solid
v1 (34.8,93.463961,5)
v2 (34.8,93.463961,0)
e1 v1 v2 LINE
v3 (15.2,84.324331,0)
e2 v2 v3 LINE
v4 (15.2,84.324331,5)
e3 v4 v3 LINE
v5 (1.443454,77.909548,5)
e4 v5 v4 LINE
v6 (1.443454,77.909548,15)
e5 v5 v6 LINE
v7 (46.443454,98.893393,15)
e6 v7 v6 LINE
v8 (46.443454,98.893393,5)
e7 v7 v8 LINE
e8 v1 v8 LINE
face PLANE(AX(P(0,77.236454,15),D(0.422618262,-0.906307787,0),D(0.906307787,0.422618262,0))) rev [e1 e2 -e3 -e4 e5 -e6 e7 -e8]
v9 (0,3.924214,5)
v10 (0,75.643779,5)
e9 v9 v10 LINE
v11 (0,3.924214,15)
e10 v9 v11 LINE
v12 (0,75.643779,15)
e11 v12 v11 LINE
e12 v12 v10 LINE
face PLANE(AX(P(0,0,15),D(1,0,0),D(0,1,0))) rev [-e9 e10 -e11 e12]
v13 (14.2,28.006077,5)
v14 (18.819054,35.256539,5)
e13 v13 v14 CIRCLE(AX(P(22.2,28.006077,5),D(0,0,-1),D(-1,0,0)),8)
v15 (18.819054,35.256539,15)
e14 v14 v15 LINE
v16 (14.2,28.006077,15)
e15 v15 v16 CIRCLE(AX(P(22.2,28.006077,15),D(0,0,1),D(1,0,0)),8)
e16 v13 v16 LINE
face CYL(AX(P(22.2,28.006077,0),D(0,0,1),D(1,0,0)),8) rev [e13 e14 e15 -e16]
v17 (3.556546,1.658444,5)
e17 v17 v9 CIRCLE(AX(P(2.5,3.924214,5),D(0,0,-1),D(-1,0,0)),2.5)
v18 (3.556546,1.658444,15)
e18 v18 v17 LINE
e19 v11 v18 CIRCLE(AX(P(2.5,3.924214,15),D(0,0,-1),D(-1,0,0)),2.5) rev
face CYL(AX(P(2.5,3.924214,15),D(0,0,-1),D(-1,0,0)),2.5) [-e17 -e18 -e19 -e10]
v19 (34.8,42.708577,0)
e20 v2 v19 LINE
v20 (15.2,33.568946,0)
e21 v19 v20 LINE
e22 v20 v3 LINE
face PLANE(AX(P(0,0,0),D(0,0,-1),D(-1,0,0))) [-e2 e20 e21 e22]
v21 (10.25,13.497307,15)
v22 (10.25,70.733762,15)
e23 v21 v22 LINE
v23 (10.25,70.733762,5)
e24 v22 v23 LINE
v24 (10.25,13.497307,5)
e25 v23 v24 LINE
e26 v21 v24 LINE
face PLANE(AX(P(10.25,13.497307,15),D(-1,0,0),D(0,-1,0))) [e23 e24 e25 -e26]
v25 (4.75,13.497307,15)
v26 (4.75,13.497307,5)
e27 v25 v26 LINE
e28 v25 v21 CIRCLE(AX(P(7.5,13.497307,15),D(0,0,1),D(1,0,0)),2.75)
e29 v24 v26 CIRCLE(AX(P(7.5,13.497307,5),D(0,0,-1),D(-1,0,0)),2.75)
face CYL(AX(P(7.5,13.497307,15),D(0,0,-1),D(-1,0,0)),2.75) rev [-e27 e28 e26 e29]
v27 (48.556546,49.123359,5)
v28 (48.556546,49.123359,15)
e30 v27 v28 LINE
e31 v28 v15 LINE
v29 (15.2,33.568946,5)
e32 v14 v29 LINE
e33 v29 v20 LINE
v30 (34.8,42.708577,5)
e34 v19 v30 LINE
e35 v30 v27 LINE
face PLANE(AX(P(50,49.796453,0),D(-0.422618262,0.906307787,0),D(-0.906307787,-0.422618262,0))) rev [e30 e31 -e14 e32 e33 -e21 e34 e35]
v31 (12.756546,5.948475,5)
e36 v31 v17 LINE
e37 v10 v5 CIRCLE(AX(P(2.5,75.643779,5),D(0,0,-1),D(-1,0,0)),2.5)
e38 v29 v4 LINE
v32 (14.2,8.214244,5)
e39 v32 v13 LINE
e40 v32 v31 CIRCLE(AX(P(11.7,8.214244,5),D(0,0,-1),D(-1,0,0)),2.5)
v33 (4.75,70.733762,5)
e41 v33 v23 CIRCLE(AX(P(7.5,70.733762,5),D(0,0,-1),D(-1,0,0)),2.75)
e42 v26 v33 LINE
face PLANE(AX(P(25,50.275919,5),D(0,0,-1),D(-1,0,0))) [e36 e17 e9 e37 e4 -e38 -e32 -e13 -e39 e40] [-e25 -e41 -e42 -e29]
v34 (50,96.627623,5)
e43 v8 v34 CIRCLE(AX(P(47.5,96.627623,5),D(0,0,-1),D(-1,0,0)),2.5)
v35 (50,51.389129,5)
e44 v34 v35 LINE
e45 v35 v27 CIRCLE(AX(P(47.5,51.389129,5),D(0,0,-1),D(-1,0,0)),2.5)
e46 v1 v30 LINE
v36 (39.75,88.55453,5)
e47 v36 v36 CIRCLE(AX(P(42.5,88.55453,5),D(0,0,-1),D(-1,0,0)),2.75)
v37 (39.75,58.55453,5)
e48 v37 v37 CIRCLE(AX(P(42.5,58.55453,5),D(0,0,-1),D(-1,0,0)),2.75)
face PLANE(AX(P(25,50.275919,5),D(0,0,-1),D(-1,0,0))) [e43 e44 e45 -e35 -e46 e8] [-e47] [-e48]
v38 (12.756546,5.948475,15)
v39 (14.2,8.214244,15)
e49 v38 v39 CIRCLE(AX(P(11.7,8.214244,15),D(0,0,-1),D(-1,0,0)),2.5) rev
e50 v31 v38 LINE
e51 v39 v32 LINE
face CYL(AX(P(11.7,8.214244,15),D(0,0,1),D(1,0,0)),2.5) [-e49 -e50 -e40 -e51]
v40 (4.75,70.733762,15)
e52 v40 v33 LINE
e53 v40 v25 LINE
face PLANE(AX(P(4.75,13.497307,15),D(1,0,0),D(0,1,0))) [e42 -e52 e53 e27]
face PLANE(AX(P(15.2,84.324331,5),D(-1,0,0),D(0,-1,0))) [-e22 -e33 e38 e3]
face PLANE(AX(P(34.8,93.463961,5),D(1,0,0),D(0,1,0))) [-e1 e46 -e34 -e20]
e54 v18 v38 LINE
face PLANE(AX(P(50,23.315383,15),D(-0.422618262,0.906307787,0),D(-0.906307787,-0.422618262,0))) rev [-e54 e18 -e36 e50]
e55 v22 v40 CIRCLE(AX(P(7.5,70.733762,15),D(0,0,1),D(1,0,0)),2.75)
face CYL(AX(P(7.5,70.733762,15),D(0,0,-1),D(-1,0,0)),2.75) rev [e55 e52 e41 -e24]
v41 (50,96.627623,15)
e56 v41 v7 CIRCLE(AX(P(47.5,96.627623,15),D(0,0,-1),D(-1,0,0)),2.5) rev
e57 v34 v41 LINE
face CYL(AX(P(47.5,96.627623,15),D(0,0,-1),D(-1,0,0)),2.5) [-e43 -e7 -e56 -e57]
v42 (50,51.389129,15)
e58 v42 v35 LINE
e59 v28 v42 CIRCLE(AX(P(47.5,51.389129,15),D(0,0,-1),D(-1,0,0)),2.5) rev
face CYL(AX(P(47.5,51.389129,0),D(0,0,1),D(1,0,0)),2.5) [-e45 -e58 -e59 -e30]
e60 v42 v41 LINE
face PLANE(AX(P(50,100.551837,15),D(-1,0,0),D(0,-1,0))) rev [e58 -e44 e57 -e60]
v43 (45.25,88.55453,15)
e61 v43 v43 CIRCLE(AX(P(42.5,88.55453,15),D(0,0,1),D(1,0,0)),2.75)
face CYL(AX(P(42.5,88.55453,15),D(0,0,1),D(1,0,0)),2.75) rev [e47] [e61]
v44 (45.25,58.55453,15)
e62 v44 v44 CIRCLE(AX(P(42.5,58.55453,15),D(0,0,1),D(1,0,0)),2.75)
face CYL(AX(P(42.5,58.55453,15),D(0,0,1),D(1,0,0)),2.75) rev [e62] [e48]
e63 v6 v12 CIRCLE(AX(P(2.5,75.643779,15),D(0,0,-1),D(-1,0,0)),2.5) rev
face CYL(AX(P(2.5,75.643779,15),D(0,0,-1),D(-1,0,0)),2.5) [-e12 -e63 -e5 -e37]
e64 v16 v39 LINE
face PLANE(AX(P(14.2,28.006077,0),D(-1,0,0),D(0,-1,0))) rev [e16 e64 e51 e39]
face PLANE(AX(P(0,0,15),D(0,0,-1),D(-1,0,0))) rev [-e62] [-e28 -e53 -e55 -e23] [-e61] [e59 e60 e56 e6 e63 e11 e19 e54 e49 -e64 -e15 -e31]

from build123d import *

# Parameters (mm, degrees)
BOSS_EXTRU_1_DEPTH      = 15
ESQUISSE4_OUTSIDE_W     = 74.658
ESQUISSE4_OUTSIDE_H     = 125.21
ENL_V_MAT_EXTRU_2_DEPTH = 5
ENL_V_MAT_EXTRU_3_DEPTH = 114.294624636
ENL_V_START             = -5
ENL_V_MAT_EXTRU_4_DEPTH = 5
CONG_1_R                = 2.5
D_GAGEMENT_M51_D        = 5.5


with BuildPart() as part:
    # Esquisse1 → Boss.-Extru.1 (new body)
    with BuildSketch(Plane.XY):
        Polygon((0, 0), (0, 77.236454327), (50, 100.551837235), (50, 23.315382908), align=None)
        with BuildLine():
            Line((4.75, 13.497307436), (4.75, 70.733761764))
            ThreePointArc((4.75, 70.733761764), (7.5, 73.483761764), (10.25, 70.733761764))
            Line((10.25, 70.733761764), (10.25, 13.497307436))
            ThreePointArc((10.25, 13.497307436), (7.5, 10.747307436), (4.75, 13.497307436))
        make_face(mode=Mode.SUBTRACT)
    extrude(amount=BOSS_EXTRU_1_DEPTH)

    # Esquisse4 outside → Enlèv. mat.-Extru.2 (cut)
    with BuildSketch(Plane(origin=(0, 0, 0), x_dir=(-1, 0, 0), z_dir=(0, 0, -1))):
        with Locations((-25, 50.276)):
            Rectangle(ESQUISSE4_OUTSIDE_W, ESQUISSE4_OUTSIDE_H)
        Polygon((-15.2, 84.324330731), (-15.2, 7.087876404), (-34.8, 16.227506504), (-34.8, 93.463960831), align=None, mode=Mode.SUBTRACT)
    extrude(amount=-ENL_V_MAT_EXTRU_2_DEPTH, mode=Mode.SUBTRACT)

    # Esquisse5 → Enlèv. mat.-Extru.3 (cut, through all)
    with BuildSketch(Plane.XY.offset(15)):
        with BuildLine():
            Line((50, 23.315382908), (50, 49.796452963))
            Line((50, 49.796452963), (18.819053906, 35.256539011))
            ThreePointArc((18.819053906, 35.256539011), (15.452868433, 32.304473581), (14.2, 28.006076714))
            Line((14.2, 28.006076714), (14.2, 6.621568746))
            Line((14.2, 6.621568746), (50, 23.315382908))
        make_face()
    extrude(amount=-ENL_V_MAT_EXTRU_3_DEPTH, mode=Mode.SUBTRACT)

    # Esquisse6 → Enlèv. mat.-Extru.4 (cut)
    with BuildSketch(Plane(origin=(0, 0, 0), x_dir=(-1, 0, 0), z_dir=(0, 0, -1)).offset(ENL_V_START)):
        with BuildLine():
            Line((-18.819053906, 35.256539011), (-15.2, 33.568946459))
            Line((-15.2, 33.568946459), (-15.2, 31.879060061))
            ThreePointArc((-15.2, 31.879060061), (-16.741717169, 33.854764476), (-18.819053906, 35.256539011))
        make_face()
    extrude(amount=ENL_V_MAT_EXTRU_4_DEPTH, mode=Mode.SUBTRACT)

    # Congé1
    cong_1_edges = [part.edges().sort_by_distance(p)[0] for p in [
        (0, 0, 10),
        (0, 77.236454327, 10),
        (50, 100.551837235, 10),
        (14.2, 6.621568746, 10),
        (50, 49.796452963, 10),
    ]]
    fillet(cong_1_edges, radius=CONG_1_R)

    # Dégagement M51 (through all)
    with Locations(Plane(origin=(42.5, 58.554529799, 15), x_dir=(1, 0, 0), z_dir=(0, 0, 1))):
        with Locations((0, 0), (0, 30)):
            Hole(D_GAGEMENT_M51_D / 2)


solid = part.part
